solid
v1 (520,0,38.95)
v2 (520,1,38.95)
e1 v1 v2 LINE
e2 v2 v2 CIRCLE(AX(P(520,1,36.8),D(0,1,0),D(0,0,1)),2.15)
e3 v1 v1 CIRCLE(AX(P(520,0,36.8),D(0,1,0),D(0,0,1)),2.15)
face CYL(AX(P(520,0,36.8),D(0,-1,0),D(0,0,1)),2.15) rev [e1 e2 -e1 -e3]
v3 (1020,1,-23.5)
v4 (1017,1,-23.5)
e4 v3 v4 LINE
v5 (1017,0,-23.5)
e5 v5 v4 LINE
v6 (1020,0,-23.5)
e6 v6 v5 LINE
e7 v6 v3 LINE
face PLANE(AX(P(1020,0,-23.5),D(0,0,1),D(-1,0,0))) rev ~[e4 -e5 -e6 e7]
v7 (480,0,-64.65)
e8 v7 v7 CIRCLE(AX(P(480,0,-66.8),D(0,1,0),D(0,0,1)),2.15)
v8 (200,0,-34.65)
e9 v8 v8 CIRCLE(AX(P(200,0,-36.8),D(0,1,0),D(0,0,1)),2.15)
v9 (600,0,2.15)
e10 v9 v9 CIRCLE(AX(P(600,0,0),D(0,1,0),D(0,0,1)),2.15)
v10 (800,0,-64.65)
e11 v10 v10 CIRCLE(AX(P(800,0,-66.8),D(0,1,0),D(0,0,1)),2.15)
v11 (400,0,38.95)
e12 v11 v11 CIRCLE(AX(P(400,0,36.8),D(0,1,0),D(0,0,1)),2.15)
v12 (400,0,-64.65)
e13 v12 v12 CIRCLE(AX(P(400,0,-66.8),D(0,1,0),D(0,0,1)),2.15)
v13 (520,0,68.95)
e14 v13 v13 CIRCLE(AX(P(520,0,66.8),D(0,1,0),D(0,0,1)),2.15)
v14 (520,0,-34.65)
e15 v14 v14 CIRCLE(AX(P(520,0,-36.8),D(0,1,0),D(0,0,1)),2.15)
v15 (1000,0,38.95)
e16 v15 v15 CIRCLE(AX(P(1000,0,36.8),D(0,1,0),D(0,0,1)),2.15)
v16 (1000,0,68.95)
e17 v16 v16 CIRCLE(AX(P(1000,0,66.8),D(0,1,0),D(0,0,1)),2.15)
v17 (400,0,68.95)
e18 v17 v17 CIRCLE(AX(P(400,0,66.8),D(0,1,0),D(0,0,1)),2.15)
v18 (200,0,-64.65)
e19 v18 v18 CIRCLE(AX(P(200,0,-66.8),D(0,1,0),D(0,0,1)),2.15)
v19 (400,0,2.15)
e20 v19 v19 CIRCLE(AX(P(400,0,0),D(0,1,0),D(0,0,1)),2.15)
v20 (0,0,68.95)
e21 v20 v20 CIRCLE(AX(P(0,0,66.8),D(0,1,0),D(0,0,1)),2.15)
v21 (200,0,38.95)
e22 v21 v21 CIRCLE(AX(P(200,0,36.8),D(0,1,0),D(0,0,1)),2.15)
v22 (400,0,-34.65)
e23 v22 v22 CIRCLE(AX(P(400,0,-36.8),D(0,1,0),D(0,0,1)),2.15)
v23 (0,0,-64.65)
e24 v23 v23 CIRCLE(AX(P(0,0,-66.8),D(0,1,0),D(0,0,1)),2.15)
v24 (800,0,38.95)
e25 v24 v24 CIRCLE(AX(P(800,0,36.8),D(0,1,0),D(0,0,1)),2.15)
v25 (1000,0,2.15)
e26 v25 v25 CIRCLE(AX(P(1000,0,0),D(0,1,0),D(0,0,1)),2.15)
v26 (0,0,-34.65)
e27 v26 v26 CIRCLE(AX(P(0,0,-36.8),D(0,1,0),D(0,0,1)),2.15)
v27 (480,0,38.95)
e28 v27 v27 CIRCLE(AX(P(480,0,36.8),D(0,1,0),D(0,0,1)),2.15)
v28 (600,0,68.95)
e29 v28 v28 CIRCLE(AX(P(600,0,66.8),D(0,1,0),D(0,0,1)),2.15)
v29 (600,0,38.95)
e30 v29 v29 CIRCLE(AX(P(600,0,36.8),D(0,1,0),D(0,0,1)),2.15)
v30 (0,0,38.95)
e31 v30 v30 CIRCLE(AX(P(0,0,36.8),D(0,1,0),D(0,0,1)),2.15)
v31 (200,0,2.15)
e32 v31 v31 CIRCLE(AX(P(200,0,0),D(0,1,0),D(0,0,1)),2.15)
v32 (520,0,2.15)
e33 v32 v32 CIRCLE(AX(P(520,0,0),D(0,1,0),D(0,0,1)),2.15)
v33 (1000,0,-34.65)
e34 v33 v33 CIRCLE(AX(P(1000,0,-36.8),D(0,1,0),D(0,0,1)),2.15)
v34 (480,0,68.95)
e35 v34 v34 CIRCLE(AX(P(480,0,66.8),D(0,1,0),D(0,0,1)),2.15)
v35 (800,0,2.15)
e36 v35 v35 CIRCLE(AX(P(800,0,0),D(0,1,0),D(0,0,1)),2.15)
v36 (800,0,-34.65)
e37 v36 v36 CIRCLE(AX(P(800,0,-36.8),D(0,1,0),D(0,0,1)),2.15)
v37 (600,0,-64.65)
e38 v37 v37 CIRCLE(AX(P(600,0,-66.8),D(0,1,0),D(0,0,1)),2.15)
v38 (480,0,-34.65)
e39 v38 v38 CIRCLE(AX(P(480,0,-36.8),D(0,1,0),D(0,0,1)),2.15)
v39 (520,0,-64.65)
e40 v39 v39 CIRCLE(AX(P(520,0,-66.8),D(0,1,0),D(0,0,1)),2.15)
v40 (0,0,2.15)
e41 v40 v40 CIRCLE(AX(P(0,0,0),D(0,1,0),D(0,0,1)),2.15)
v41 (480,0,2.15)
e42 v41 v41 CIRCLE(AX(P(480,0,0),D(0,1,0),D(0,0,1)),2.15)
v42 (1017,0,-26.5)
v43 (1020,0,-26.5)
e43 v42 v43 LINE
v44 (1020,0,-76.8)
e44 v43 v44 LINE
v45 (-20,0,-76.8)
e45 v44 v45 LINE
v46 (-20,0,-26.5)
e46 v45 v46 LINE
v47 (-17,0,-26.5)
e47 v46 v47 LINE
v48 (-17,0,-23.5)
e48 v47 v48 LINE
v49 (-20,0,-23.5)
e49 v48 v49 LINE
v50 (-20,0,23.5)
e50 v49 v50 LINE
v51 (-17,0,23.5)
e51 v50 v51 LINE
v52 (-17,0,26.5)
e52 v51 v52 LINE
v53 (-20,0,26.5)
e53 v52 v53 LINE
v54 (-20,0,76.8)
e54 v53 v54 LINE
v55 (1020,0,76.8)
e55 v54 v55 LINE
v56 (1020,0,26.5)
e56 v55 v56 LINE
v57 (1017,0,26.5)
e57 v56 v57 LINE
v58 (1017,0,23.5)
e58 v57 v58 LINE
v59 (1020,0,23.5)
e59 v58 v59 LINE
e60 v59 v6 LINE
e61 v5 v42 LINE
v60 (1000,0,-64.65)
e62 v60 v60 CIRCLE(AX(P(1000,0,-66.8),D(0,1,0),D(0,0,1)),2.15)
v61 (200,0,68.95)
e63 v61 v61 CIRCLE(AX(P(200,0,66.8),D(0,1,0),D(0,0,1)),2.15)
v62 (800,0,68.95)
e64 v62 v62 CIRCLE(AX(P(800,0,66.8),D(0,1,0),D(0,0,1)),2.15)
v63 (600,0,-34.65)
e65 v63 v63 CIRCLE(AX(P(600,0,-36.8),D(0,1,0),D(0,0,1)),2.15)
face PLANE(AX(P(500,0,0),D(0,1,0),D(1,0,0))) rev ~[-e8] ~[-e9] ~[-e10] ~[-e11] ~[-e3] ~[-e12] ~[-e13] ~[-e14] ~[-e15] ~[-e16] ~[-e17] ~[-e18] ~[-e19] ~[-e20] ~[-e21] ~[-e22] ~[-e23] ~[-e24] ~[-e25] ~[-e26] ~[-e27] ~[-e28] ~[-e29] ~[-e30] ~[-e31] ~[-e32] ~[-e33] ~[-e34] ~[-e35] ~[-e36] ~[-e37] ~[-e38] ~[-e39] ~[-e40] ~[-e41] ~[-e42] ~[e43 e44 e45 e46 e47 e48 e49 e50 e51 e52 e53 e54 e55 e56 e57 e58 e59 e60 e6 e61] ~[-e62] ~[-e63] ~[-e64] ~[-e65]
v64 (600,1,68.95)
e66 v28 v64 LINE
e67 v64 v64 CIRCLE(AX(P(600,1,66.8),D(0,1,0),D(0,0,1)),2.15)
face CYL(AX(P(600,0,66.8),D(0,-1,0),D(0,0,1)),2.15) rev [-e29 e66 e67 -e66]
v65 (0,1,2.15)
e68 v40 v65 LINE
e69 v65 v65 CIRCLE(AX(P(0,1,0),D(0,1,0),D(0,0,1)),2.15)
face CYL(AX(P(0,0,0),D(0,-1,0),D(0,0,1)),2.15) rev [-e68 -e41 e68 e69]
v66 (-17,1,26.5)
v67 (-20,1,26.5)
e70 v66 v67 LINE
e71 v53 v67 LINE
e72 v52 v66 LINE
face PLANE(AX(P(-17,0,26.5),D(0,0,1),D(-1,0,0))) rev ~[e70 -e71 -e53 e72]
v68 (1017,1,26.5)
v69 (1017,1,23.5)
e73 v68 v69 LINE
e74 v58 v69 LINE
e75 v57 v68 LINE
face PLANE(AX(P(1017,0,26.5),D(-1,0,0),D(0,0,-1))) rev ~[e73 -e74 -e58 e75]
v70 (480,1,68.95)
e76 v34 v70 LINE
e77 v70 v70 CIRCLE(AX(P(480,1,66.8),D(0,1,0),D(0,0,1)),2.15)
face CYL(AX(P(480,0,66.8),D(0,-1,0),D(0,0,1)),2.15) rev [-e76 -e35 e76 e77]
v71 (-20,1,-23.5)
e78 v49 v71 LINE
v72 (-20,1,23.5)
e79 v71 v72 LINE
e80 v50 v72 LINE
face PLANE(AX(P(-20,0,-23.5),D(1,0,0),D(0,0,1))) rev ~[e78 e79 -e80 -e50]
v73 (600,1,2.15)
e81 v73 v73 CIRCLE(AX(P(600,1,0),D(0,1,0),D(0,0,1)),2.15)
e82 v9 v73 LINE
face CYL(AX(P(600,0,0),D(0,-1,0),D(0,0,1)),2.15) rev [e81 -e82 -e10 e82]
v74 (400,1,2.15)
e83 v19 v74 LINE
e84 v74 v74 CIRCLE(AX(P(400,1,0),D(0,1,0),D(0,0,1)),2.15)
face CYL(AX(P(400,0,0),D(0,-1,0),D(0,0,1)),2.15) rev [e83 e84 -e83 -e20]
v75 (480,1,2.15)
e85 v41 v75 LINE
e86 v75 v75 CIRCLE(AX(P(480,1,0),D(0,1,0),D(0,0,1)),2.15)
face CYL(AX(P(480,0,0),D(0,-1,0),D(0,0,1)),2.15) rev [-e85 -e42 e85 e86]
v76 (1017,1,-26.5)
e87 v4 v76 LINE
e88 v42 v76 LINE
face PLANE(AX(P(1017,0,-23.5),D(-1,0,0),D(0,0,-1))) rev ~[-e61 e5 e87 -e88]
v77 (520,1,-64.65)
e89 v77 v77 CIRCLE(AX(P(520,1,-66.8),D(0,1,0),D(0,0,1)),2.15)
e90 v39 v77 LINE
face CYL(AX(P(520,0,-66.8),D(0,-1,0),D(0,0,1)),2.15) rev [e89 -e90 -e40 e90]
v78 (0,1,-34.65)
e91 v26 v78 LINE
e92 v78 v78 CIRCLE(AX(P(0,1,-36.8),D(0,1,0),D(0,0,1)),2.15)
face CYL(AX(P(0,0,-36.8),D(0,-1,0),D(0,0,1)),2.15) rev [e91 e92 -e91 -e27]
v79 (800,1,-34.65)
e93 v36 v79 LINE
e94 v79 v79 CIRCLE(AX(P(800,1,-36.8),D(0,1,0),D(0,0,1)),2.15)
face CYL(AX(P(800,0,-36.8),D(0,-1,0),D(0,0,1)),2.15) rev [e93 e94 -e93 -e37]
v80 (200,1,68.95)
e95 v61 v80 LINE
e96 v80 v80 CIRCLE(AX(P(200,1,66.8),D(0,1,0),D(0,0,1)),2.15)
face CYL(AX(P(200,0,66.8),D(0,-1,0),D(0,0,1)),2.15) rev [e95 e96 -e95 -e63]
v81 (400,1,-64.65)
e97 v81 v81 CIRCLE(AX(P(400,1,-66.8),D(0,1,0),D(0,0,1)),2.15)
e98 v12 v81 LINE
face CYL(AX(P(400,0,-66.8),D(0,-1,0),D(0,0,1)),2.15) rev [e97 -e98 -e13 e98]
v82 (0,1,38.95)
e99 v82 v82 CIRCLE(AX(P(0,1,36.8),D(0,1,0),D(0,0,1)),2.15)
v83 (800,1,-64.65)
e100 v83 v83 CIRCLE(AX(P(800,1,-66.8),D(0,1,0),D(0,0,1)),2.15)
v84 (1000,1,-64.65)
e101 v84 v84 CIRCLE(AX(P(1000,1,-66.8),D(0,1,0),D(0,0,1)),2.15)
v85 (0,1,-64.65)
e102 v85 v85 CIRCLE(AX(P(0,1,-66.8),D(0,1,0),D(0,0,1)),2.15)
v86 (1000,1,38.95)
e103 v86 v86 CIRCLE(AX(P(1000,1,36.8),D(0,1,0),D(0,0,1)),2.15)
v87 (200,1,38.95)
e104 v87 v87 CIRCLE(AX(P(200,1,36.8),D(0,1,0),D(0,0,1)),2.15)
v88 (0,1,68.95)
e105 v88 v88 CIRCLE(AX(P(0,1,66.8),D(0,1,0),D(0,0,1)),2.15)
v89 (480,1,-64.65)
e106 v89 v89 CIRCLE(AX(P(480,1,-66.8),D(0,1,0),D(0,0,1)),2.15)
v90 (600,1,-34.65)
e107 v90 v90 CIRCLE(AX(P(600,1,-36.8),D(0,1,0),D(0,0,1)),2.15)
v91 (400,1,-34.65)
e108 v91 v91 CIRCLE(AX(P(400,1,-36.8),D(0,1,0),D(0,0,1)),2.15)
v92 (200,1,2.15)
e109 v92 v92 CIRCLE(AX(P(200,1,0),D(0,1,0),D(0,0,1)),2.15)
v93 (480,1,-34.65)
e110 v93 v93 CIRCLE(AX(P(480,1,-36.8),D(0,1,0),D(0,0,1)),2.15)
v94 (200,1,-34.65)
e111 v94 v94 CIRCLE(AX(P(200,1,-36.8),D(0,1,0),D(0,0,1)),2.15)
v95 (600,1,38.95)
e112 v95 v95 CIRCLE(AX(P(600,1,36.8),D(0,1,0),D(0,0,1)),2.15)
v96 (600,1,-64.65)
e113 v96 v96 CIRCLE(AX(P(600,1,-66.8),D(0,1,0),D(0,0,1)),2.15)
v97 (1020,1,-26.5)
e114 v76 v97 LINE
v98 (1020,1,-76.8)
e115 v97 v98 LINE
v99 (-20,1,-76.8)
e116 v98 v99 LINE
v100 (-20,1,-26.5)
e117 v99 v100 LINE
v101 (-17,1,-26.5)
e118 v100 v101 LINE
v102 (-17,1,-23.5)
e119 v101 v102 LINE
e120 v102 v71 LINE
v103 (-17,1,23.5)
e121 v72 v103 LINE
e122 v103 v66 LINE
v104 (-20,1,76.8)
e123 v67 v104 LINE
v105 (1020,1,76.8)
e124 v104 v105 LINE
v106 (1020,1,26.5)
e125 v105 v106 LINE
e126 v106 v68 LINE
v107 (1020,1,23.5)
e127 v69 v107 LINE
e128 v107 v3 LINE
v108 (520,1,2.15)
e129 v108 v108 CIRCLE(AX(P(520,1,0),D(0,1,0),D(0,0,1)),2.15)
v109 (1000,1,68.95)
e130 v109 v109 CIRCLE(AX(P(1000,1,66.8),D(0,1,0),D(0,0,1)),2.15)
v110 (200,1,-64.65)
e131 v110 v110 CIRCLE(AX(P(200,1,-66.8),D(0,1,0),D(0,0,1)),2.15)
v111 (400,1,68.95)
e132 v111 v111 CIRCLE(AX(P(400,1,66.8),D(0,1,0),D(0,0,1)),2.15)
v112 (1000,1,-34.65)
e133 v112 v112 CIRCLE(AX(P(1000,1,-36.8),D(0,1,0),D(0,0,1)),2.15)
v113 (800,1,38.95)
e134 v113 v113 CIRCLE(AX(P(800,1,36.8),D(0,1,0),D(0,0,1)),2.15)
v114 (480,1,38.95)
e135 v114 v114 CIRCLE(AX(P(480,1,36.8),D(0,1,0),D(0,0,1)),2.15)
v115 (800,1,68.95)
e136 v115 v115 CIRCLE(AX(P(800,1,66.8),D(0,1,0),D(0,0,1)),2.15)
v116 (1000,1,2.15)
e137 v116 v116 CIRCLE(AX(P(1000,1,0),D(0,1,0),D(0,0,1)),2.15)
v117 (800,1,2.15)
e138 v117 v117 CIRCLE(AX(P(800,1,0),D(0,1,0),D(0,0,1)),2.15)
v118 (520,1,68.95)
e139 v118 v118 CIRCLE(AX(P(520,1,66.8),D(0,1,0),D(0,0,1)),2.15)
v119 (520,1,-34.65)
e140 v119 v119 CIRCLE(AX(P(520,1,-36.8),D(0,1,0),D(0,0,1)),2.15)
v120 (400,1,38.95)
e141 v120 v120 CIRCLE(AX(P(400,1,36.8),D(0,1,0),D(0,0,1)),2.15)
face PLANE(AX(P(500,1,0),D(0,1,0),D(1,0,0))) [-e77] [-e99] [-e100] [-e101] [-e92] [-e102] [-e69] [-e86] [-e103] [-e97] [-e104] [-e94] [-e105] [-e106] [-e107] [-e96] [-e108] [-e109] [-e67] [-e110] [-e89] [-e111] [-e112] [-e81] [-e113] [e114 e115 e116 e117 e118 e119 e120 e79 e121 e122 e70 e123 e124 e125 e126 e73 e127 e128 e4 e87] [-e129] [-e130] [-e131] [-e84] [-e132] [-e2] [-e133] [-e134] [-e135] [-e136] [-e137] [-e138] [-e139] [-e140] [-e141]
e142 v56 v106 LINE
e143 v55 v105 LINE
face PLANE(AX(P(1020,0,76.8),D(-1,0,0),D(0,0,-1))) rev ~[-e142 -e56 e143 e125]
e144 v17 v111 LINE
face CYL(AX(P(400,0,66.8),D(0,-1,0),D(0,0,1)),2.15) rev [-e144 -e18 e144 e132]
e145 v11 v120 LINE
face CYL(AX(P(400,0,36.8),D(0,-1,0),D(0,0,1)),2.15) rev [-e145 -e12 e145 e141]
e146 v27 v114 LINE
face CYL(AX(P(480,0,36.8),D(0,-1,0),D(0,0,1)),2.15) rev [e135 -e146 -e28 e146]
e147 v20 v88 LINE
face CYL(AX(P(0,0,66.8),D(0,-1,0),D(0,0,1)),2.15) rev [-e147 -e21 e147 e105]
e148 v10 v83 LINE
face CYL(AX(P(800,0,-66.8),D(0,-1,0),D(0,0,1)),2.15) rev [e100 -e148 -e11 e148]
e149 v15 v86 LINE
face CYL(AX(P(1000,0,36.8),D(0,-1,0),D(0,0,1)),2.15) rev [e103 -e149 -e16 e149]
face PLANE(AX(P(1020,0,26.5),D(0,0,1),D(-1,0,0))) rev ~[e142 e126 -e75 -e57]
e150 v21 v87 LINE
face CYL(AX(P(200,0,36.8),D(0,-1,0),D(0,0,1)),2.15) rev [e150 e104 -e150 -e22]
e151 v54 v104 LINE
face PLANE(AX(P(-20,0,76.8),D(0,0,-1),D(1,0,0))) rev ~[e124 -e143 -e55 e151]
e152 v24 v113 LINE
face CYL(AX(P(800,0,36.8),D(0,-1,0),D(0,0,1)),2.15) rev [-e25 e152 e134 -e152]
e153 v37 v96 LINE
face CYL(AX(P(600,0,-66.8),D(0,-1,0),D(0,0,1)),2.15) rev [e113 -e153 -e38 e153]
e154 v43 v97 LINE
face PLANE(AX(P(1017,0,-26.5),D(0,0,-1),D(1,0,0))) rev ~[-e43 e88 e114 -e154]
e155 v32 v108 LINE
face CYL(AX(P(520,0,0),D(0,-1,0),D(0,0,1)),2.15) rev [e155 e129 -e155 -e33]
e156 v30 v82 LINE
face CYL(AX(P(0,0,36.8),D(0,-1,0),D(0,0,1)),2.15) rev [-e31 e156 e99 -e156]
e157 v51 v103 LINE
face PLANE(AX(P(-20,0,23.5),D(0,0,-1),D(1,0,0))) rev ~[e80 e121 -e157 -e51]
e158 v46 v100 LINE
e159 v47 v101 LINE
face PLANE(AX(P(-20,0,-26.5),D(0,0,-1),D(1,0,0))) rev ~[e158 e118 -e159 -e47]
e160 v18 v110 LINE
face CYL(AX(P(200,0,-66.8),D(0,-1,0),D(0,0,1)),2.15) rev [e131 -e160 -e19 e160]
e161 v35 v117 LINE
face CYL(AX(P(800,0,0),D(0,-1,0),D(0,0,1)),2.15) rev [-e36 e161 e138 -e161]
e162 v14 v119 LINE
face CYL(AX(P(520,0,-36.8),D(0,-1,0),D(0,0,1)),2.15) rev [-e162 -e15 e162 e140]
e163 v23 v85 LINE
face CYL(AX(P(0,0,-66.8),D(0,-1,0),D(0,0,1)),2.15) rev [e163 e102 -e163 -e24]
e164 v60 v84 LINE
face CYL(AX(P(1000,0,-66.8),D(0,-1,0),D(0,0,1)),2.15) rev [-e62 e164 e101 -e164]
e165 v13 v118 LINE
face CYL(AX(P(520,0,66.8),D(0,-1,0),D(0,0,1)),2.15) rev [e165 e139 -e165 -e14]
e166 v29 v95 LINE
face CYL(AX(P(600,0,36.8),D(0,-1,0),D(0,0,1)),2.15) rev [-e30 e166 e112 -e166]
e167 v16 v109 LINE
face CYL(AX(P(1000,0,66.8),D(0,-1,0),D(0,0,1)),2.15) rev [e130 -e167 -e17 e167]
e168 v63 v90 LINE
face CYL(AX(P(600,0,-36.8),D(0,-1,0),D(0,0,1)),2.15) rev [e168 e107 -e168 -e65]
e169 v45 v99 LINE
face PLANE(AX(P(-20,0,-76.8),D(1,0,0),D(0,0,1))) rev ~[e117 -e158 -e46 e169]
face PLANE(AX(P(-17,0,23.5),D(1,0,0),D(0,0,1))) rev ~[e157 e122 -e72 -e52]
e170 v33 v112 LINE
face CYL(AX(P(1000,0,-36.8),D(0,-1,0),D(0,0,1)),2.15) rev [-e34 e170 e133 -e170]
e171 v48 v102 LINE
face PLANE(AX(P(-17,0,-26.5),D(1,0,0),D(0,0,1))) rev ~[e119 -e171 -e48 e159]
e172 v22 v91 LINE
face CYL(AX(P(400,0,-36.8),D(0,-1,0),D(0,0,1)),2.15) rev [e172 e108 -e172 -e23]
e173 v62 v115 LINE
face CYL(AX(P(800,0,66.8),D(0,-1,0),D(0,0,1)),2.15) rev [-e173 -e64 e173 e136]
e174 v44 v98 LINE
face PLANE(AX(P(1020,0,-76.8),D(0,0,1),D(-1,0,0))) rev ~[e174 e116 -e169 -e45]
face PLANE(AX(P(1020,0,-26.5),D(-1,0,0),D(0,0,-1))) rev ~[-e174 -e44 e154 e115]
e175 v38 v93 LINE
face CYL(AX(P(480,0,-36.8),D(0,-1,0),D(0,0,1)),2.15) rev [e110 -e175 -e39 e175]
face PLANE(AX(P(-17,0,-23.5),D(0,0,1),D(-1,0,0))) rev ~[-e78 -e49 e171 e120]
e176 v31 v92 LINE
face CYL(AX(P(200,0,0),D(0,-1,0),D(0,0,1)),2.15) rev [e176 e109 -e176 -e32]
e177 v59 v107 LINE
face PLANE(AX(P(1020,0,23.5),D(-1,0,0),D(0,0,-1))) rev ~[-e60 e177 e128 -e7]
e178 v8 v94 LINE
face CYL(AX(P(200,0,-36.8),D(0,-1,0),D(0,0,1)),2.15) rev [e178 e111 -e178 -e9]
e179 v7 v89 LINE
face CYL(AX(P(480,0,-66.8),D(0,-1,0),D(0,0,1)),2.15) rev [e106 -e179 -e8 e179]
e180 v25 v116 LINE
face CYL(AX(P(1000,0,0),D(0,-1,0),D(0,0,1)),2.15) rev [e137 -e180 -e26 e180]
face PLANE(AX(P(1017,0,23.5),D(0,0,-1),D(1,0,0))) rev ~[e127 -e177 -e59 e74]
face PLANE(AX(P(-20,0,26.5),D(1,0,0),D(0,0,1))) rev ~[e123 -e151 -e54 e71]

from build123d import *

# Parameters (mm, degrees)
SKETCH1_R           = 2.15
BOSS_EXTRUDE1_DEPTH = 1


with BuildPart() as part:
    # Sketch1 → Boss-Extrude1 (new body)
    with BuildSketch(Plane(origin=(0, 0, 0), x_dir=(1, 0, 0), z_dir=(0, 1, 0))):
        Polygon((-20, -26.5), (-20, -76.8), (1020, -76.8), (1020, -26.5), (1017, -26.5), (1017, -23.5), (1020, -23.5), (1020, 23.5), (1017, 23.5), (1017, 26.5), (1020, 26.5), (1020, 76.8), (-20, 76.8), (-20, 26.5), (-17, 26.5), (-17, 23.5), (-20, 23.5), (-20, -23.5), (-17, -23.5), (-17, -26.5), align=None)
        with Locations(Location((0, -36.8, 0), (0, 0, 270))):
            Circle(SKETCH1_R, mode=Mode.SUBTRACT)
        with Locations(Location((0, 36.8, 0), (0, 0, 270))):
            Circle(SKETCH1_R, mode=Mode.SUBTRACT)
        with Locations(Location((0, -66.8, 0), (0, 0, 270))):
            Circle(SKETCH1_R, mode=Mode.SUBTRACT)
        with Locations(Location((0, 66.8, 0), (0, 0, 270))):
            Circle(SKETCH1_R, mode=Mode.SUBTRACT)
        with Locations(Location((200, -66.8, 0), (0, 0, 270))):
            Circle(SKETCH1_R, mode=Mode.SUBTRACT)
        with Locations(Location((200, -36.8, 0), (0, 0, 270))):
            Circle(SKETCH1_R, mode=Mode.SUBTRACT)
        with Locations(Location((200, 36.8, 0), (0, 0, 270))):
            Circle(SKETCH1_R, mode=Mode.SUBTRACT)
        with Locations(Location((200, 66.8, 0), (0, 0, 270))):
            Circle(SKETCH1_R, mode=Mode.SUBTRACT)
        with Locations(Location((0, 0, 0), (0, 0, 270))):
            Circle(SKETCH1_R, mode=Mode.SUBTRACT)
        with Locations(Location((480, 0, 0), (0, 0, 270))):
            Circle(SKETCH1_R, mode=Mode.SUBTRACT)
        with Locations(Location((200, 0, 0), (0, 0, 270))):
            Circle(SKETCH1_R, mode=Mode.SUBTRACT)
        with Locations(Location((480, 66.8, 0), (0, 0, 270))):
            Circle(SKETCH1_R, mode=Mode.SUBTRACT)
        with Locations(Location((480, 36.8, 0), (0, 0, 270))):
            Circle(SKETCH1_R, mode=Mode.SUBTRACT)
        with Locations(Location((480, -36.8, 0), (0, 0, 270))):
            Circle(SKETCH1_R, mode=Mode.SUBTRACT)
        with Locations(Location((480, -66.8, 0), (0, 0, 270))):
            Circle(SKETCH1_R, mode=Mode.SUBTRACT)
        with Locations(Location((400, -66.8, 0), (0, 0, 270))):
            Circle(SKETCH1_R, mode=Mode.SUBTRACT)
        with Locations(Location((400, -36.8, 0), (0, 0, 270))):
            Circle(SKETCH1_R, mode=Mode.SUBTRACT)
        with Locations(Location((400, 36.8, 0), (0, 0, 270))):
            Circle(SKETCH1_R, mode=Mode.SUBTRACT)
        with Locations(Location((400, 66.8, 0), (0, 0, 270))):
            Circle(SKETCH1_R, mode=Mode.SUBTRACT)
        with Locations(Location((600, -66.8, 0), (0, 0, 270))):
            Circle(SKETCH1_R, mode=Mode.SUBTRACT)
        with Locations(Location((600, -36.8, 0), (0, 0, 270))):
            Circle(SKETCH1_R, mode=Mode.SUBTRACT)
        with Locations(Location((600, 36.8, 0), (0, 0, 270))):
            Circle(SKETCH1_R, mode=Mode.SUBTRACT)
        with Locations(Location((600, 66.8, 0), (0, 0, 270))):
            Circle(SKETCH1_R, mode=Mode.SUBTRACT)
        with Locations(Location((800, -66.8, 0), (0, 0, 270))):
            Circle(SKETCH1_R, mode=Mode.SUBTRACT)
        with Locations(Location((800, -36.8, 0), (0, 0, 270))):
            Circle(SKETCH1_R, mode=Mode.SUBTRACT)
        with Locations(Location((800, 36.8, 0), (0, 0, 270))):
            Circle(SKETCH1_R, mode=Mode.SUBTRACT)
        with Locations(Location((800, 66.8, 0), (0, 0, 270))):
            Circle(SKETCH1_R, mode=Mode.SUBTRACT)
        with Locations(Location((1000, -66.8, 0), (0, 0, 270))):
            Circle(SKETCH1_R, mode=Mode.SUBTRACT)
        with Locations(Location((1000, -36.8, 0), (0, 0, 270))):
            Circle(SKETCH1_R, mode=Mode.SUBTRACT)
        with Locations(Location((1000, 36.8, 0), (0, 0, 270))):
            Circle(SKETCH1_R, mode=Mode.SUBTRACT)
        with Locations(Location((1000, 66.8, 0), (0, 0, 270))):
            Circle(SKETCH1_R, mode=Mode.SUBTRACT)
        with Locations(Location((520, -66.8, 0), (0, 0, 270))):
            Circle(SKETCH1_R, mode=Mode.SUBTRACT)
        with Locations(Location((520, -36.8, 0), (0, 0, 270))):
            Circle(SKETCH1_R, mode=Mode.SUBTRACT)
        with Locations(Location((520, 0, 0), (0, 0, 270))):
            Circle(SKETCH1_R, mode=Mode.SUBTRACT)
        with Locations(Location((520, 36.8, 0), (0, 0, 270))):
            Circle(SKETCH1_R, mode=Mode.SUBTRACT)
        with Locations(Location((520, 66.8, 0), (0, 0, 270))):
            Circle(SKETCH1_R, mode=Mode.SUBTRACT)
        with Locations(Location((600, 0, 0), (0, 0, 270))):
            Circle(SKETCH1_R, mode=Mode.SUBTRACT)
        with Locations(Location((800, 0, 0), (0, 0, 270))):
            Circle(SKETCH1_R, mode=Mode.SUBTRACT)
        with Locations(Location((1000, 0, 0), (0, 0, 270))):
            Circle(SKETCH1_R, mode=Mode.SUBTRACT)
        with Locations(Location((400, 0, 0), (0, 0, 270))):
            Circle(SKETCH1_R, mode=Mode.SUBTRACT)
    extrude(amount=BOSS_EXTRUDE1_DEPTH)


solid = part.part
